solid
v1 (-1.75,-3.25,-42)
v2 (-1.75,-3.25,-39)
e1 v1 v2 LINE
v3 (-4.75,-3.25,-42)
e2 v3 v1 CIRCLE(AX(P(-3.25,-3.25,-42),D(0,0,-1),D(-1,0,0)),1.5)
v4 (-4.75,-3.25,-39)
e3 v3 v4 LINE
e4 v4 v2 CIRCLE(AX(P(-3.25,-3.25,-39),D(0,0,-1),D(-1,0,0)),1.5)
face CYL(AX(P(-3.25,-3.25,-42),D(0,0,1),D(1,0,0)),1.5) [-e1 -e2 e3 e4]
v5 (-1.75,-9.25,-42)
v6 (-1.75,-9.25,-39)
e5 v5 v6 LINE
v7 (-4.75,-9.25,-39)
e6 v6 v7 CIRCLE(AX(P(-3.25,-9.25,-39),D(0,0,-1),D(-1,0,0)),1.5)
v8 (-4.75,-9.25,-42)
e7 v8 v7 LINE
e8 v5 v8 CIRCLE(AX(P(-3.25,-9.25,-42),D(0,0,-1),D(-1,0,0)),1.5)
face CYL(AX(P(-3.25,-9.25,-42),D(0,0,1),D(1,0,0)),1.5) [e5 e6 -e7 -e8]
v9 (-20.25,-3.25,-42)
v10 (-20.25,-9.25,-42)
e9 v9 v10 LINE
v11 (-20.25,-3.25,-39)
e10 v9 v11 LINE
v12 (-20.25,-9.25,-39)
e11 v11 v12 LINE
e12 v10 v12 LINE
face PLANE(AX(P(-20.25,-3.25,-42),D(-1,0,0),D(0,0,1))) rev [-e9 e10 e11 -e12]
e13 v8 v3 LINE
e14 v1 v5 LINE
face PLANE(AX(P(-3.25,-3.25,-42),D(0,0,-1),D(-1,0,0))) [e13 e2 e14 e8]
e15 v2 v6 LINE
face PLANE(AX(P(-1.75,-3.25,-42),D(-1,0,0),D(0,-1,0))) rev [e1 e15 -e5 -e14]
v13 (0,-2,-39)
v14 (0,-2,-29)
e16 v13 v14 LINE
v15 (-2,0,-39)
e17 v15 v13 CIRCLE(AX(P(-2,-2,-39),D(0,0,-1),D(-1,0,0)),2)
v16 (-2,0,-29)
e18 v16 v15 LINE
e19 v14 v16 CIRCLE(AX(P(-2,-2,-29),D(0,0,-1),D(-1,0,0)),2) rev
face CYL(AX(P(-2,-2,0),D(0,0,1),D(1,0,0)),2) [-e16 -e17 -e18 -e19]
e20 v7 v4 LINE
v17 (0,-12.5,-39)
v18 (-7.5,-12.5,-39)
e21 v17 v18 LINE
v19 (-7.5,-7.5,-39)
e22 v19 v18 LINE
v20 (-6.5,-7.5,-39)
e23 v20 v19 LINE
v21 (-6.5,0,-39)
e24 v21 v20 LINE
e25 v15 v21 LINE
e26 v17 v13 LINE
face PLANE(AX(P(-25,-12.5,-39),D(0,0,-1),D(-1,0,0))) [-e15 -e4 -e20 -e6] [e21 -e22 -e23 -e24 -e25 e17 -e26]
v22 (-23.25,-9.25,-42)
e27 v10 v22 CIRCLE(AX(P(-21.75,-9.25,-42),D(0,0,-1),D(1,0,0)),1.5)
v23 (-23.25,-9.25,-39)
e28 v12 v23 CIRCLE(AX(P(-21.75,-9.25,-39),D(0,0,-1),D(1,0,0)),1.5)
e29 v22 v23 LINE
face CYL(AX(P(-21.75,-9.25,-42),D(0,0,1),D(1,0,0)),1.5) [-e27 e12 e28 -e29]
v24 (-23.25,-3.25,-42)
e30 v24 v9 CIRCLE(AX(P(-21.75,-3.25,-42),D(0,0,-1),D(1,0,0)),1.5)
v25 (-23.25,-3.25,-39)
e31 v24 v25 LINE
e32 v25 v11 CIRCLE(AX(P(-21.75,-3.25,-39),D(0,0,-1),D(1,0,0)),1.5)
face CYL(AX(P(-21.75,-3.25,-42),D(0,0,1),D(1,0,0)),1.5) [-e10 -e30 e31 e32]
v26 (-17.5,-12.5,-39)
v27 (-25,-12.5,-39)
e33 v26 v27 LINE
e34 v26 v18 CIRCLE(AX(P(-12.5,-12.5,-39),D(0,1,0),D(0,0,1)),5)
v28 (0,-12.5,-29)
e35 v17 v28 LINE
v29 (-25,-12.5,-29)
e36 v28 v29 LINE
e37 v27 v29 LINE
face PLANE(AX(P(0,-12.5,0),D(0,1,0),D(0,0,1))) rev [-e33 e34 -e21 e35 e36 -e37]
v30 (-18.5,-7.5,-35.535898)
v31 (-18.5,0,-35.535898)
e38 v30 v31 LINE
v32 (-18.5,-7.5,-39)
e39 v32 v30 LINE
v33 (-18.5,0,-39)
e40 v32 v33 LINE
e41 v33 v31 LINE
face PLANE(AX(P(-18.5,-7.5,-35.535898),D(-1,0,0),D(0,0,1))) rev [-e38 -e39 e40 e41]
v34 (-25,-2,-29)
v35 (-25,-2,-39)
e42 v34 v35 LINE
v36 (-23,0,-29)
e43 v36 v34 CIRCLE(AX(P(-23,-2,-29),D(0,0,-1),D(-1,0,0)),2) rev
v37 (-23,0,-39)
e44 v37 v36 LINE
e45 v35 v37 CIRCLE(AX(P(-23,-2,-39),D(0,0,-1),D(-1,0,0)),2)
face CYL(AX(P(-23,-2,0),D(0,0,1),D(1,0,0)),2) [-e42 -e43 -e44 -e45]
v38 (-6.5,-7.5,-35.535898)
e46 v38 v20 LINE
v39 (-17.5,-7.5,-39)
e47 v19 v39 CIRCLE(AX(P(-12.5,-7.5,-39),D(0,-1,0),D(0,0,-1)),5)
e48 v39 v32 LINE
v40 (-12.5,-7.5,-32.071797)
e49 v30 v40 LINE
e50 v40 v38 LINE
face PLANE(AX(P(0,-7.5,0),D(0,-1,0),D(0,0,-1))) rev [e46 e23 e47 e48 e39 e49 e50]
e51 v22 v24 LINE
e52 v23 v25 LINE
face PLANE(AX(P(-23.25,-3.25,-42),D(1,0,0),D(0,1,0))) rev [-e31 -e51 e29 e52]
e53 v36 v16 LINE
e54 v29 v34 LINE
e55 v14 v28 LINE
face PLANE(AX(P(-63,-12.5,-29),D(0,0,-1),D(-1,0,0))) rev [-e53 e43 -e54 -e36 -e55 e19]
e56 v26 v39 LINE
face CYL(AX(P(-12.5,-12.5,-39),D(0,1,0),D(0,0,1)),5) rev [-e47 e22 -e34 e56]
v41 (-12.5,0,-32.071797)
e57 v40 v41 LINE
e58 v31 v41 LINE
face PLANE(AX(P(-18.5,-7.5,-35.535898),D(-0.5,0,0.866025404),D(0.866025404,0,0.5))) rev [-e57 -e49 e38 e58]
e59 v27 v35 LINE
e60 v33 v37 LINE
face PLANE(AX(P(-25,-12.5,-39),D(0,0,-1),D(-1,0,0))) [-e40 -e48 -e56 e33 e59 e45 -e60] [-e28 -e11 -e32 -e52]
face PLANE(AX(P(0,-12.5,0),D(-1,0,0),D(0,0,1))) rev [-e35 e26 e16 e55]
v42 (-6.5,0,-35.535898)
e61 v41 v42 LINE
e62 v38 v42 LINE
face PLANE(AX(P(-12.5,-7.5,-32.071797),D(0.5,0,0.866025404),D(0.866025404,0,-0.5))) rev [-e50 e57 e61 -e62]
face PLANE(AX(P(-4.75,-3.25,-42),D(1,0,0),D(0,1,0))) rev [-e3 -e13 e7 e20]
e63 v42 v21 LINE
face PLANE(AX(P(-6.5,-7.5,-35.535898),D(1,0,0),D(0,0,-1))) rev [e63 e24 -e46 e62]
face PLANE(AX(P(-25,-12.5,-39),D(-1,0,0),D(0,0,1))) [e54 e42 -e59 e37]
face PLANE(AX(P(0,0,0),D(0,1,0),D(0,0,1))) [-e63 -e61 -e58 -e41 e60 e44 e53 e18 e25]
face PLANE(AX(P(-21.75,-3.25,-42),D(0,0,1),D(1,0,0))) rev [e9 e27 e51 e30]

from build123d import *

# Parameters (mm, degrees)
BOSS_EXTRU_1_DEPTH      = 12.5
BOSS_EXTRU_1_DEPTH_BACK = 12.5
ESQUISSE3_W             = 25
ESQUISSE3_H             = 10
BOSS_EXTRU_2_DEPTH      = 12.5
ENL_V_MAT_EXTRU_3_DEPTH = 7.5
ESQUISSE5_R             = 5
ENL_V_MAT_EXTRU_4_DEPTH = 77.746335417
ESQUISSE6_W             = 73.841898386
ESQUISSE6_H             = 62.78176119
ENL_V_MAT_EXTRU_5_DEPTH = 79.198465458
BOSS_EXTRU_3_DEPTH      = 3
CONG_1_R                = 2


with BuildPart() as part:
    # Esquisse1 → Boss.-Extru.1 (new, two sides: drawn at the far end of the back side and taken through both)
    with BuildSketch(Plane(origin=(0, 0, 0), x_dir=(1, 0, 0), z_dir=(0, 1, 0)).offset(-BOSS_EXTRU_1_DEPTH_BACK)):
        with BuildLine():
            ThreePointArc((-8, 26), (-4.464466094, 24.535533906), (-3, 21))
            Line((-3, 21), (-3, -21))
            ThreePointArc((-3, -21), (-4.464466094, -24.535533906), (-8, -26))
            Line((-8, -26), (-63, -26))
            Line((-63, -26), (-63, -29))
            Line((-63, -29), (-3, -29))
            Line((-3, -29), (0, -29))
            Line((0, -29), (0, 29))
            Line((0, 29), (-3, 29))
            Line((-3, 29), (-63, 29))
            Line((-63, 29), (-63, 26))
            Line((-63, 26), (-8, 26))
        make_face()
    extrude(amount=BOSS_EXTRU_1_DEPTH + BOSS_EXTRU_1_DEPTH_BACK)

    # Esquisse3 → Boss.-Extru.2 (add)
    with BuildSketch(Plane(origin=(0, 0, 0), x_dir=(1, 0, 0), z_dir=(0, 1, 0))):
        with Locations((-12.5, 34)):
            Rectangle(ESQUISSE3_W, ESQUISSE3_H)
    extrude(amount=-BOSS_EXTRU_2_DEPTH)

    # Esquisse4 → Enlèv. mat.-Extru.3 (cut)
    with BuildSketch(Plane(origin=(0, 0, 0), x_dir=(1, 0, 0), z_dir=(0, 1, 0))):
        Polygon((-18.5, 39), (-6.5, 44), (-6.5, 35.535898385), (-12.5, 32.07179677), (-18.5, 35.535898385), align=None)
    extrude(amount=-ENL_V_MAT_EXTRU_3_DEPTH, mode=Mode.SUBTRACT)

    # Esquisse5 → Enlèv. mat.-Extru.4 (cut, through all)
    with BuildSketch(Plane(origin=(0, -7.5, 0), x_dir=(1, 0, 0), z_dir=(0, 1, 0))):
        with Locations((-12.5, 39)):
            Circle(ESQUISSE5_R)
    extrude(amount=-ENL_V_MAT_EXTRU_4_DEPTH, mode=Mode.SUBTRACT)

    # Esquisse6 → Enlèv. mat.-Extru.5 (cut, through all)
    with BuildSketch(Plane(origin=(0, 12.5, 0), x_dir=(1, 0, 0), z_dir=(0, 1, 0))):
        with Locations((-26.079050807, -2.390880595)):
            Rectangle(ESQUISSE6_W, ESQUISSE6_H)
    extrude(amount=-ENL_V_MAT_EXTRU_5_DEPTH, mode=Mode.SUBTRACT)

    # Esquisse7 → Boss.-Extru.3 (add)
    with BuildSketch(Plane(origin=(0, 0, -39), x_dir=(-1, 0, 0), z_dir=(0, 0, -1))):
        with BuildLine():
            Line((4.75, -3.25), (4.75, -9.25))
            ThreePointArc((4.75, -9.25), (3.25, -10.75), (1.75, -9.25))
            Line((1.75, -9.25), (1.75, -3.25))
            ThreePointArc((1.75, -3.25), (3.25, -1.75), (4.75, -3.25))
        make_face()
        with BuildLine():
            Line((20.25, -3.25), (20.25, -9.25))
            ThreePointArc((20.25, -9.25), (21.75, -10.75), (23.25, -9.25))
            Line((23.25, -9.25), (23.25, -3.25))
            ThreePointArc((23.25, -3.25), (21.75, -1.75), (20.25, -3.25))
        make_face()
    extrude(amount=BOSS_EXTRU_3_DEPTH)

    # Congé1
    cong_1_edges = [part.edges().sort_by_distance(p)[0] for p in [
        (0, 0, -34),
        (-25, 0, -34),
    ]]
    fillet(cong_1_edges, radius=CONG_1_R)


solid = part.part
